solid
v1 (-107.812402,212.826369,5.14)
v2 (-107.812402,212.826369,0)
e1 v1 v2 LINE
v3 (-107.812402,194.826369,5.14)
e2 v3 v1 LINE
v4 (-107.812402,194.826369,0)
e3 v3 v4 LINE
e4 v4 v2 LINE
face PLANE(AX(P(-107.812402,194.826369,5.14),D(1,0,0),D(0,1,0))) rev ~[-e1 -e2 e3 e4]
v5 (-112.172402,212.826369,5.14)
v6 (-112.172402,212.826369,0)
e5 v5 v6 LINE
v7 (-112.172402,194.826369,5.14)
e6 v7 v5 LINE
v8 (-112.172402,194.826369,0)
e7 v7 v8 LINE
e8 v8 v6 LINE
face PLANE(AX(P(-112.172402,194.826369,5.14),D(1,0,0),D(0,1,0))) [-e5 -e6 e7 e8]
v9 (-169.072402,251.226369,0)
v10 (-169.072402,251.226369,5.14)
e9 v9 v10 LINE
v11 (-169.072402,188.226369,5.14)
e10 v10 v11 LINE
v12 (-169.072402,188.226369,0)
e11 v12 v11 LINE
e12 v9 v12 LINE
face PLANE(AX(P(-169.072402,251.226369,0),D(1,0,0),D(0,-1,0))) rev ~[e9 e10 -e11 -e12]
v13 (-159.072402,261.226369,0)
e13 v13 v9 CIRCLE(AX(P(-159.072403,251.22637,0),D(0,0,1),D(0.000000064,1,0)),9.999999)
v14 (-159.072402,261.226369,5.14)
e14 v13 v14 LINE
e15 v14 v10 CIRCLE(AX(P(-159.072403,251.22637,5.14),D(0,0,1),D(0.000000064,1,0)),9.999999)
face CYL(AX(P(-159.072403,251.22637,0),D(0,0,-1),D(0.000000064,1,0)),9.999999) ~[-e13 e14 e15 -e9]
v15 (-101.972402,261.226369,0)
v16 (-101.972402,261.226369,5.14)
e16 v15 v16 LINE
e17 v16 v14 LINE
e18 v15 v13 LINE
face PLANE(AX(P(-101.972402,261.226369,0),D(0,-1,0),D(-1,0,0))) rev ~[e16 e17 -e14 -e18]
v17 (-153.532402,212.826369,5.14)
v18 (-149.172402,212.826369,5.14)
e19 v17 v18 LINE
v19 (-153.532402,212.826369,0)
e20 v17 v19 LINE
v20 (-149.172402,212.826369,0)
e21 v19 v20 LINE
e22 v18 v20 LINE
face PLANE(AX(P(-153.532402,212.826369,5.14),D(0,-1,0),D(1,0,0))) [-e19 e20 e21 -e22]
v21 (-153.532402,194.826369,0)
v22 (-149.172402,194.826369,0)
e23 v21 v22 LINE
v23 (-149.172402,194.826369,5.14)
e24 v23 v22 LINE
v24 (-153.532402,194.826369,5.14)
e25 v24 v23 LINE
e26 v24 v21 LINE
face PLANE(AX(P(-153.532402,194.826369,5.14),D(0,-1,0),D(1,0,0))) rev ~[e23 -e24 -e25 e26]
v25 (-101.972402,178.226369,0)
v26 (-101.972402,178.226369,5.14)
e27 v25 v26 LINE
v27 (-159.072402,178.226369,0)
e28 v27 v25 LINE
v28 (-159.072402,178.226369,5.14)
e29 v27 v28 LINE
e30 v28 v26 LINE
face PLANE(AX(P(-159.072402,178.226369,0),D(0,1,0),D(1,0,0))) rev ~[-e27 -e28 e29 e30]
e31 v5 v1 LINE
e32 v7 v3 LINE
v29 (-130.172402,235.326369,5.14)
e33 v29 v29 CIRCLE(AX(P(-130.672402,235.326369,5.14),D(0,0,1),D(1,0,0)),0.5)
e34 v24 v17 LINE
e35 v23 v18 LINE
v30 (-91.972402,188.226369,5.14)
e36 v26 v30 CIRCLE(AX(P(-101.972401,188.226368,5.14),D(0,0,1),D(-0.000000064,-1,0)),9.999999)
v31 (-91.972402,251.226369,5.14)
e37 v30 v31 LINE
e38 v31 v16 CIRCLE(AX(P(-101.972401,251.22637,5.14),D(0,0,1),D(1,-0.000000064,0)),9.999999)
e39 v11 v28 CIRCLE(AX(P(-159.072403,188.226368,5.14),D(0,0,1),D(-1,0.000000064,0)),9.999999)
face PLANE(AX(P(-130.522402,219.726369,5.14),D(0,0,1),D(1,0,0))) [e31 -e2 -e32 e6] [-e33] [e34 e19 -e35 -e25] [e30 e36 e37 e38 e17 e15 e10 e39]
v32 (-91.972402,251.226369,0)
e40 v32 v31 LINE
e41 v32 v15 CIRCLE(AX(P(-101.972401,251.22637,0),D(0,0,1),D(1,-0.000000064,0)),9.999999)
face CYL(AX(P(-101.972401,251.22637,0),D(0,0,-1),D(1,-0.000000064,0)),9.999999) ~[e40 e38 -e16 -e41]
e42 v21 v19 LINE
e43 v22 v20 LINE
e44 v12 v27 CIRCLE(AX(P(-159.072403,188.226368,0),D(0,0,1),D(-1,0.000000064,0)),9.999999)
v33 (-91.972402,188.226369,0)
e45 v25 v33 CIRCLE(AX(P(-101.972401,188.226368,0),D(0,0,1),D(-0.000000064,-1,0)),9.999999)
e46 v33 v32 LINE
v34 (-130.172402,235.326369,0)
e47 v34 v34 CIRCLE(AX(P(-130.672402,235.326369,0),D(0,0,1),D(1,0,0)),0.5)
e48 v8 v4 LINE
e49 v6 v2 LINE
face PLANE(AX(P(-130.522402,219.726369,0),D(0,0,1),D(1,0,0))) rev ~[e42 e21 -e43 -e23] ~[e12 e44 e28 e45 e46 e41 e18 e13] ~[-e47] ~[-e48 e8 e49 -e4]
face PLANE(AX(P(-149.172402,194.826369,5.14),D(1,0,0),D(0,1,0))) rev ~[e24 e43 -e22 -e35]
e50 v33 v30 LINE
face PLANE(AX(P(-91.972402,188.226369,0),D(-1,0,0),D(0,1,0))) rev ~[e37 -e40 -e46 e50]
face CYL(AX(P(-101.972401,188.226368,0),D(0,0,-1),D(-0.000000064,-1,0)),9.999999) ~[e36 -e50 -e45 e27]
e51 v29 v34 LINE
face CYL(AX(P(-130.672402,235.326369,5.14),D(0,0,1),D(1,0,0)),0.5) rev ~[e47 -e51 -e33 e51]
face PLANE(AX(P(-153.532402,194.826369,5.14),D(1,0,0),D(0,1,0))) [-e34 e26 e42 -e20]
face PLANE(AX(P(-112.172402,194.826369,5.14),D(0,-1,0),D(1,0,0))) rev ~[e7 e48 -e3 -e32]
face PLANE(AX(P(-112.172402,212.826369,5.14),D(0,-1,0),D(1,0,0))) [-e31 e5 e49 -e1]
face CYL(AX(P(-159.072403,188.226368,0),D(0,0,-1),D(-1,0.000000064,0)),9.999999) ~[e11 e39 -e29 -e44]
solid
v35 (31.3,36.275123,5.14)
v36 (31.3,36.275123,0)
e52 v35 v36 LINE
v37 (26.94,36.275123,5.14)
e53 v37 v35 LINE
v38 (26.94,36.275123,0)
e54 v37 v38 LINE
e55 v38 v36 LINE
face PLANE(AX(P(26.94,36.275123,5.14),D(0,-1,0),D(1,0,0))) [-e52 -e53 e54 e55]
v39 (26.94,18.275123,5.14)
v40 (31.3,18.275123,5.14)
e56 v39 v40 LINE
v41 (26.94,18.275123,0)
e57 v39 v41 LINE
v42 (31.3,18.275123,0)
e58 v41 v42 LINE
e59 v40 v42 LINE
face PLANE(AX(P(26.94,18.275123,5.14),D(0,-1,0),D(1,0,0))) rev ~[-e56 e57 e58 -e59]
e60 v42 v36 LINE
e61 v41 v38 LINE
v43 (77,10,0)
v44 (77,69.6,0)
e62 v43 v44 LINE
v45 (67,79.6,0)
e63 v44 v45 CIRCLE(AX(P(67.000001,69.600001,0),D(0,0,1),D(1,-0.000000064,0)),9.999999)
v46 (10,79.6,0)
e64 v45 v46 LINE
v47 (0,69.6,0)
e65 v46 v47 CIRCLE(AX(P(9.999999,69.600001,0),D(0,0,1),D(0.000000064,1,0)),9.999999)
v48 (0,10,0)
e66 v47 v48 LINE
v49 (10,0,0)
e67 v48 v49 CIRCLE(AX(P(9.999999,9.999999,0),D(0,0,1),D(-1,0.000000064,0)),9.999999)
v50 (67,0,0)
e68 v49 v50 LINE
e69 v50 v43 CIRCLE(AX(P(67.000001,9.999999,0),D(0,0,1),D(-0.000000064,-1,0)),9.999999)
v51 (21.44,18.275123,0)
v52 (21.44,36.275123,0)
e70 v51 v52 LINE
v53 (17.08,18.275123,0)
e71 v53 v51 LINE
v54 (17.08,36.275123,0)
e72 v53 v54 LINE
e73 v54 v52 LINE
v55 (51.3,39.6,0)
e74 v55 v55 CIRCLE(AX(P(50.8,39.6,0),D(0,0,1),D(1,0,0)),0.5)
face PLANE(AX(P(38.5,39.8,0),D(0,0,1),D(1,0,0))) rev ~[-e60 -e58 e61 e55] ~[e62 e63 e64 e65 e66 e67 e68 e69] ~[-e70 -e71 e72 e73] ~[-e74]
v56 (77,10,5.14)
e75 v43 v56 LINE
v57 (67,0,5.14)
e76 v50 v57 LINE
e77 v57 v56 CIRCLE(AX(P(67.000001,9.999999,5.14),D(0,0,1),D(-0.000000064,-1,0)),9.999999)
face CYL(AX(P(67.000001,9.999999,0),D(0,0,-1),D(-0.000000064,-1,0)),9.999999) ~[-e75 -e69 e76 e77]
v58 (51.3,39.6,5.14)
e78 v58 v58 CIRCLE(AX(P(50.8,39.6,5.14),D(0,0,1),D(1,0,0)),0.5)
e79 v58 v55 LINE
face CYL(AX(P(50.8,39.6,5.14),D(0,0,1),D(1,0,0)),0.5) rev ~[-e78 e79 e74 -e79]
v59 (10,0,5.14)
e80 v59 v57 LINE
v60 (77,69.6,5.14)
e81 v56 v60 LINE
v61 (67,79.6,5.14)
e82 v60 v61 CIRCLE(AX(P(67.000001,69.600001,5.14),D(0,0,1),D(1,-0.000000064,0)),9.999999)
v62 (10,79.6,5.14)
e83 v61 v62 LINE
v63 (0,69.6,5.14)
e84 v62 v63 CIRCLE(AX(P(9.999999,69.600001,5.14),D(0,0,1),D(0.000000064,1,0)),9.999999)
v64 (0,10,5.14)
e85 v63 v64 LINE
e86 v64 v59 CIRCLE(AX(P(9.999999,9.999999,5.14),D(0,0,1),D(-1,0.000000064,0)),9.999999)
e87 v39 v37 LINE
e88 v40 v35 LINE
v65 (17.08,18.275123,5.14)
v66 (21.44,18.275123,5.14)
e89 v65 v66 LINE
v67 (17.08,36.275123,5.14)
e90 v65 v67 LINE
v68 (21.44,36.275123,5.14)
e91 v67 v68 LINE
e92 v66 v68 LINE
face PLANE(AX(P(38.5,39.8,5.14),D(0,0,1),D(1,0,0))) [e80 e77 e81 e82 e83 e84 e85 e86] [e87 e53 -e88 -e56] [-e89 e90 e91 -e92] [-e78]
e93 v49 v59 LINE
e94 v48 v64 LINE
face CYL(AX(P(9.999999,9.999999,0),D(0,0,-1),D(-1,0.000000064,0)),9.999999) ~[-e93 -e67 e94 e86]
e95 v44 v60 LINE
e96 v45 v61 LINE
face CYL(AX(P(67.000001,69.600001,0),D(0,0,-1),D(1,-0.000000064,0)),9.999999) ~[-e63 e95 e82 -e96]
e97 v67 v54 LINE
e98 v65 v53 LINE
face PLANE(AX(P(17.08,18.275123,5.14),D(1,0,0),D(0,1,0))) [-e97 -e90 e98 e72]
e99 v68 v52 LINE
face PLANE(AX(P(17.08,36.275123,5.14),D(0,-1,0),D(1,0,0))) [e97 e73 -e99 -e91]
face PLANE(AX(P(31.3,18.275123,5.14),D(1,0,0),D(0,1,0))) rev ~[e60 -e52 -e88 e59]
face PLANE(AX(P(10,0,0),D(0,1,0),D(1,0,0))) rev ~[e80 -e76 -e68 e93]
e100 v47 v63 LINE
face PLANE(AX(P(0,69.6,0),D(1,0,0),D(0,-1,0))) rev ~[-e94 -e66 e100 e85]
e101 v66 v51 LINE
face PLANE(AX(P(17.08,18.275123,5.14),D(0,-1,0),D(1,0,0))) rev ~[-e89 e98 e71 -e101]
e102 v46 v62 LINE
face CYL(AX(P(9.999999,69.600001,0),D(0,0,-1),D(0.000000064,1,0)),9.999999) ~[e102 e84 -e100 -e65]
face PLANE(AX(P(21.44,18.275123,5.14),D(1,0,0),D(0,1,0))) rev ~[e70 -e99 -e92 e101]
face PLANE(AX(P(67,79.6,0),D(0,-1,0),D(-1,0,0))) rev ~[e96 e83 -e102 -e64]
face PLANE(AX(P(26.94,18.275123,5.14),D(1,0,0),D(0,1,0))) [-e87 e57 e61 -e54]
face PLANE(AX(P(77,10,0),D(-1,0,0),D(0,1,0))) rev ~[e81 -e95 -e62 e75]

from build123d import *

# Parameters (mm, degrees)
F0_W     = 35
F0_H     = 35
F1_DEPTH = 5.14
F2_W     = 4.36
F2_H     = 18
F2_R     = 0.5
F3_DEPTH = 5.141
F4_DEPTH = 5.141


with BuildPart() as f1:
    # F0 (on Top) → F1 (new body)
    with BuildSketch(Plane.XY):
        with BuildLine():
            ThreePointArc((-169.072402, 188.226369), (-166.14347, 181.155301), (-159.072402, 178.226369))
            Line((-159.072402, 178.226369), (-101.972402, 178.226369))
            ThreePointArc((-101.972402, 178.226369), (-94.901334, 181.155301), (-91.972402, 188.226369))
            Line((-91.972402, 188.226369), (-91.972402, 251.226369))
            ThreePointArc((-91.972402, 251.226369), (-94.901334, 258.297437), (-101.972402, 261.226369))
            Line((-101.972402, 261.226369), (-159.072402, 261.226369))
            ThreePointArc((-159.072402, 261.226369), (-166.14347, 258.297437), (-169.072402, 251.226369))
            Line((-169.072402, 251.226369), (-169.072402, 188.226369))
        make_face()
        with Locations((-130.672402, 235.326369)):
            Rectangle(F0_W, F0_H, mode=Mode.SUBTRACT)
        with BuildLine():
            ThreePointArc((0, 10), (2.928932, 2.928932), (10, 0))
            Line((10, 0), (67, 0))
            ThreePointArc((67, 0), (74.071068, 2.928932), (77, 10))
            Line((77, 10), (77, 69.6))
            ThreePointArc((77, 69.6), (74.071068, 76.671068), (67, 79.6))
            Line((67, 79.6), (10, 79.6))
            ThreePointArc((10, 79.6), (2.928932, 76.671068), (0, 69.6))
            Line((0, 69.6), (0, 10))
        make_face()
        with Locations((50.8, 39.6)):
            Rectangle(F0_W, F0_H, mode=Mode.SUBTRACT)
        with Locations((50.8, 39.6)):
            Rectangle(F0_W, F0_H)
        with Locations((-130.672402, 235.326369)):
            Rectangle(F0_W, F0_H)
    extrude(amount=F1_DEPTH)

    # F2 (on face) → F3 (cut, through all)
    with BuildSketch(Plane.XY.offset(5.14)):
        with Locations((-151.352402, 203.826369)):
            Rectangle(F2_W, F2_H)
        with Locations((-109.992402, 203.826369)):
            Rectangle(F2_W, F2_H)
        with Locations((19.26, 27.275123)):
            Rectangle(F2_W, F2_H)
        with Locations((29.12, 27.275123)):
            Rectangle(F2_W, F2_H)
        with Locations((50.8, 39.6)):
            Circle(F2_R)
        with Locations((-130.672402, 235.326369)):
            Circle(F2_R)
    extrude(amount=-F3_DEPTH, mode=Mode.SUBTRACT)

    # F2 (on face) → F4 (cut, through all)
    with BuildSketch(Plane.XY.offset(5.14)):
        with Locations((19.26, 27.275123)):
            Rectangle(F2_W, F2_H)
        with Locations((29.12, 27.275123)):
            Rectangle(F2_W, F2_H)
        with Locations((50.8, 39.6)):
            Circle(F2_R)
    extrude(amount=-F4_DEPTH, mode=Mode.SUBTRACT)


solid = f1.part
